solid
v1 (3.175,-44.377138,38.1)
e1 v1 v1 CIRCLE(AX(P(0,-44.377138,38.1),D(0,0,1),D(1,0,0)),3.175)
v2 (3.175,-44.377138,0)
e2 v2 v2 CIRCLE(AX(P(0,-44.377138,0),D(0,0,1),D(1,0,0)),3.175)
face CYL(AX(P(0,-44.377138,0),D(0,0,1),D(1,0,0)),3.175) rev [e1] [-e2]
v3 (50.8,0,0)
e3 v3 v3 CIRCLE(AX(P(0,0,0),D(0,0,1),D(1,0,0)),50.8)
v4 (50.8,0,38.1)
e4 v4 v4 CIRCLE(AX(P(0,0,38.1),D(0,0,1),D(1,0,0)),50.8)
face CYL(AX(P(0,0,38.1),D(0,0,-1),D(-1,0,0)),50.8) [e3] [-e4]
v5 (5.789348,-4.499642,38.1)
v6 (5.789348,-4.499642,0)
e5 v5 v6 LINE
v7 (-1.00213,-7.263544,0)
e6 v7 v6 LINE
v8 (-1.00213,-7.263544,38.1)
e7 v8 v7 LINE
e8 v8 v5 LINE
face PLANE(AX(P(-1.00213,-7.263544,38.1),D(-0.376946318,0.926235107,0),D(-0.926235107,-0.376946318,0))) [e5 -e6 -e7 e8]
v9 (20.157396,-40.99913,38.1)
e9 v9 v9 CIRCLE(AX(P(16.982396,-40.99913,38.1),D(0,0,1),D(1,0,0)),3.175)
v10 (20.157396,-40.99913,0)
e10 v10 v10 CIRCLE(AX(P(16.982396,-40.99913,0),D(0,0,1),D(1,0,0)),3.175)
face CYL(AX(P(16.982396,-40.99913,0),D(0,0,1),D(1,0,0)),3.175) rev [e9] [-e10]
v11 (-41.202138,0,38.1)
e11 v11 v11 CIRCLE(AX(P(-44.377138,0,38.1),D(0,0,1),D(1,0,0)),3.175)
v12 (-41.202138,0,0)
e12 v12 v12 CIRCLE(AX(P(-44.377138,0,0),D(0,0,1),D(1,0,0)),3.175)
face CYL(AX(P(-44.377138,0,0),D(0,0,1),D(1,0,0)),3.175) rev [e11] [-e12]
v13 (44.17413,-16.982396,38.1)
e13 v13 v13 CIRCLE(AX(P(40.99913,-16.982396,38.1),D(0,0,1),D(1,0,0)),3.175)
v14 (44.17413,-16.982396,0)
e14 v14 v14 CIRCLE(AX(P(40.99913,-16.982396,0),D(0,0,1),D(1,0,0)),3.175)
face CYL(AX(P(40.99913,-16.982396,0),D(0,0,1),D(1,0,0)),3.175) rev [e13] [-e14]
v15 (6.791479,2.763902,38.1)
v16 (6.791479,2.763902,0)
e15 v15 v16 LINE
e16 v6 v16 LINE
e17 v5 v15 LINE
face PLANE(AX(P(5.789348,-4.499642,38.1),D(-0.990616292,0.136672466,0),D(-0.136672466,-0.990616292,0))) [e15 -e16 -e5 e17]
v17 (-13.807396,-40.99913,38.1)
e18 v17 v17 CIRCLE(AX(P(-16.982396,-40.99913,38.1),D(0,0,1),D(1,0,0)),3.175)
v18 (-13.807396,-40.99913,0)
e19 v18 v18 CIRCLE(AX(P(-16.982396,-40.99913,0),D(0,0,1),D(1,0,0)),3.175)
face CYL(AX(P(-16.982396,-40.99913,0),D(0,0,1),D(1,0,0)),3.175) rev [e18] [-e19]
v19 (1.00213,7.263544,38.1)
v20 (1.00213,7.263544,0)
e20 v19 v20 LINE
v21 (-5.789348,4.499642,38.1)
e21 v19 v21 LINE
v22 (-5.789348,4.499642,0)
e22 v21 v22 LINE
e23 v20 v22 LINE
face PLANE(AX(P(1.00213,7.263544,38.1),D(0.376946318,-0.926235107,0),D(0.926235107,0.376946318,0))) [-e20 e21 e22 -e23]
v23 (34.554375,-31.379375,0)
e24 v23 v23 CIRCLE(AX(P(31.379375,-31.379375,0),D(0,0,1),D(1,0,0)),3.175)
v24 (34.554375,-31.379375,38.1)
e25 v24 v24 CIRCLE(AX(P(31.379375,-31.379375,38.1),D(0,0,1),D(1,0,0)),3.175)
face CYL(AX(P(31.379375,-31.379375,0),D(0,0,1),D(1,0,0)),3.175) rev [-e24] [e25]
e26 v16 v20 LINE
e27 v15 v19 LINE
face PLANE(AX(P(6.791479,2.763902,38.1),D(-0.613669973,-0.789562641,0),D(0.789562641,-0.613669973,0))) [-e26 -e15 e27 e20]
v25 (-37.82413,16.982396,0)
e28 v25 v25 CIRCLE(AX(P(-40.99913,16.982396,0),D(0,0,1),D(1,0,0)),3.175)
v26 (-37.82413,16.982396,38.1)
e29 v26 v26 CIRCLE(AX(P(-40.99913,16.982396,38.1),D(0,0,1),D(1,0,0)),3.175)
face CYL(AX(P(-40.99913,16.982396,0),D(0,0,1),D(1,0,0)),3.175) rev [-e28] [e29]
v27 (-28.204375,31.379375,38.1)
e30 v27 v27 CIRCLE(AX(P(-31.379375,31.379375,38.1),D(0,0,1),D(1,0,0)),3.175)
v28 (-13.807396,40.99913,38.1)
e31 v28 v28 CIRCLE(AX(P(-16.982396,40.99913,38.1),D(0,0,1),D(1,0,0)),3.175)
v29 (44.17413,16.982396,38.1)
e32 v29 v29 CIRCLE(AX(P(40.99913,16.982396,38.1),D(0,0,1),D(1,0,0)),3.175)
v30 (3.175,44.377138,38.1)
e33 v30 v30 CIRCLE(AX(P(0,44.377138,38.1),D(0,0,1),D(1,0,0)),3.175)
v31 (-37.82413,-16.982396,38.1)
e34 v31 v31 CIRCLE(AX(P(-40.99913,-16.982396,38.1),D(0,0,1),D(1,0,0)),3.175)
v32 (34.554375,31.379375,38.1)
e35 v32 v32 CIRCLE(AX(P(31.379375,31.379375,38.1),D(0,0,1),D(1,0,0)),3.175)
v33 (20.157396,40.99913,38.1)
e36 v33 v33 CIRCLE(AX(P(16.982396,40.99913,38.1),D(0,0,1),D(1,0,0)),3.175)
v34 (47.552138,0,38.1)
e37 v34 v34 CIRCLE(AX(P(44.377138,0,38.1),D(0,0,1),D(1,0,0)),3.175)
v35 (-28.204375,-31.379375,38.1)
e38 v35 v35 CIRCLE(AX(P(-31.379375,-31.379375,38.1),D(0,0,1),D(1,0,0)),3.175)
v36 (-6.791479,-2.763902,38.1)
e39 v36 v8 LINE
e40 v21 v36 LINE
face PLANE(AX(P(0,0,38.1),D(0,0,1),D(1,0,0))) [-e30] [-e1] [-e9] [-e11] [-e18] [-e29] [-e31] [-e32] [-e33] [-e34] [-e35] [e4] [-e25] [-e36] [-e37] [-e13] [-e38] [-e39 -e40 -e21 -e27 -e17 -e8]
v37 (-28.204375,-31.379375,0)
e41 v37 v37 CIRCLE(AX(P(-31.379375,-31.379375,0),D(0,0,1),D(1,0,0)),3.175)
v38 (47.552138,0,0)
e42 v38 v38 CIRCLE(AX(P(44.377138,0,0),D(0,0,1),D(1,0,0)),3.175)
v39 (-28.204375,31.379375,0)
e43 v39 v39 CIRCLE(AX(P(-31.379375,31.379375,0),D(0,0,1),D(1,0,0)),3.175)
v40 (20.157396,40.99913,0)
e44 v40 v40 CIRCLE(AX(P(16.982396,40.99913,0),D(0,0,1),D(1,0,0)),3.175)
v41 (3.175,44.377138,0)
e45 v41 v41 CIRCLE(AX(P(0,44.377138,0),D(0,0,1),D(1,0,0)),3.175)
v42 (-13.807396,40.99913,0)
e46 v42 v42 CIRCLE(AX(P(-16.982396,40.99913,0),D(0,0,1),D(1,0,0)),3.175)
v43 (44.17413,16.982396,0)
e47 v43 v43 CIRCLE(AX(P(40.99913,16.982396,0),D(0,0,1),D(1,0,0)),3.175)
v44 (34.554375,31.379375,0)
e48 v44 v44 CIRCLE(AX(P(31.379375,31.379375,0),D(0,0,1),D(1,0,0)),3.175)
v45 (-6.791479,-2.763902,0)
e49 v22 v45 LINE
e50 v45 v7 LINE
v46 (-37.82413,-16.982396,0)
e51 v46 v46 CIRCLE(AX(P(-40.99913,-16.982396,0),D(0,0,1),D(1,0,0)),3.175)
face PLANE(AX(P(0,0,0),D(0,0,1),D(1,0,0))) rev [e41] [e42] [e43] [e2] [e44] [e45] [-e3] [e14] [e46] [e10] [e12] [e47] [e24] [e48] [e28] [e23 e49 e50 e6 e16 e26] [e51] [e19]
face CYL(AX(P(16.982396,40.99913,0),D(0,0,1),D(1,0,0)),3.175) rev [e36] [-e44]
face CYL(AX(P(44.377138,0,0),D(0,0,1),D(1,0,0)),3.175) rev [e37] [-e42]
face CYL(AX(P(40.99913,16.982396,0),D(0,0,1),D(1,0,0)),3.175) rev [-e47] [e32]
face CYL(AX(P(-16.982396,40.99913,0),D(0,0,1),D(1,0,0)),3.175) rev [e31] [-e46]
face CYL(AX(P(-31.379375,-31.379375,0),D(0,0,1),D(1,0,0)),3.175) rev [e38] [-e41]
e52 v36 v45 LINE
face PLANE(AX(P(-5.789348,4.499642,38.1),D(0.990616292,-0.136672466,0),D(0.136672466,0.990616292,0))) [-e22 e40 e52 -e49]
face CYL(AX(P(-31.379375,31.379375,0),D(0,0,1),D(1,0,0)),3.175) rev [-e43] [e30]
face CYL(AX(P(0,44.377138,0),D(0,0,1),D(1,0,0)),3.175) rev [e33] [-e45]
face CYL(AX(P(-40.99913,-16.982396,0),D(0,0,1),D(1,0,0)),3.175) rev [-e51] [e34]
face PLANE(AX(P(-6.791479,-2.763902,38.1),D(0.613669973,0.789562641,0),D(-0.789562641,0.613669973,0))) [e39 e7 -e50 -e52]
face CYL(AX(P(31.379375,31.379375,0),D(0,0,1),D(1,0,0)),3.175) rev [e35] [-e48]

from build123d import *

# Parameters (mm, degrees)
SKETCH1_R           = 50.8
BOSS_EXTRUDE1_DEPTH = 38.1
SKETCH2_R           = 3.175
CUT_EXTRUDE1_DEPTH  = 39.1


with BuildPart() as part:
    # Sketch1 → Boss-Extrude1 (new body)
    with BuildSketch(Plane.XY):
        Circle(SKETCH1_R)
        Polygon((5.789348381, -4.499642059), (6.791478521, 2.76390174), (1.00213014, 7.263543799), (-5.789348381, 4.499642059), (-6.791478521, -2.76390174), (-1.00213014, -7.263543799), align=None, mode=Mode.SUBTRACT)
    extrude(amount=BOSS_EXTRUDE1_DEPTH)

    # Sketch2 → Cut-Extrude1 (cut, through all)
    with BuildSketch(Plane.XY.offset(38.1)):
        with Locations((0, 44.377138181)):
            Circle(SKETCH2_R)
        with Locations((16.982395558, 40.999129677)):
            Circle(SKETCH2_R)
        with Locations((31.379375337, 31.379375337)):
            Circle(SKETCH2_R)
        with Locations((40.999129677, 16.982395558)):
            Circle(SKETCH2_R)
        with Locations((44.377138181, 0)):
            Circle(SKETCH2_R)
        with Locations((40.999129677, -16.982395558)):
            Circle(SKETCH2_R)
        with Locations((31.379375337, -31.379375337)):
            Circle(SKETCH2_R)
        with Locations((16.982395558, -40.999129677)):
            Circle(SKETCH2_R)
        with Locations((0, -44.377138181)):
            Circle(SKETCH2_R)
        with Locations((-16.982395558, -40.999129677)):
            Circle(SKETCH2_R)
        with Locations((-31.379375337, -31.379375337)):
            Circle(SKETCH2_R)
        with Locations((-40.999129677, -16.982395558)):
            Circle(SKETCH2_R)
        with Locations((-44.377138181, 0)):
            Circle(SKETCH2_R)
        with Locations((-40.999129677, 16.982395558)):
            Circle(SKETCH2_R)
        with Locations((-31.379375337, 31.379375337)):
            Circle(SKETCH2_R)
        with Locations((-16.982395558, 40.999129677)):
            Circle(SKETCH2_R)
    extrude(amount=-CUT_EXTRUDE1_DEPTH, mode=Mode.SUBTRACT)


solid = part.part
